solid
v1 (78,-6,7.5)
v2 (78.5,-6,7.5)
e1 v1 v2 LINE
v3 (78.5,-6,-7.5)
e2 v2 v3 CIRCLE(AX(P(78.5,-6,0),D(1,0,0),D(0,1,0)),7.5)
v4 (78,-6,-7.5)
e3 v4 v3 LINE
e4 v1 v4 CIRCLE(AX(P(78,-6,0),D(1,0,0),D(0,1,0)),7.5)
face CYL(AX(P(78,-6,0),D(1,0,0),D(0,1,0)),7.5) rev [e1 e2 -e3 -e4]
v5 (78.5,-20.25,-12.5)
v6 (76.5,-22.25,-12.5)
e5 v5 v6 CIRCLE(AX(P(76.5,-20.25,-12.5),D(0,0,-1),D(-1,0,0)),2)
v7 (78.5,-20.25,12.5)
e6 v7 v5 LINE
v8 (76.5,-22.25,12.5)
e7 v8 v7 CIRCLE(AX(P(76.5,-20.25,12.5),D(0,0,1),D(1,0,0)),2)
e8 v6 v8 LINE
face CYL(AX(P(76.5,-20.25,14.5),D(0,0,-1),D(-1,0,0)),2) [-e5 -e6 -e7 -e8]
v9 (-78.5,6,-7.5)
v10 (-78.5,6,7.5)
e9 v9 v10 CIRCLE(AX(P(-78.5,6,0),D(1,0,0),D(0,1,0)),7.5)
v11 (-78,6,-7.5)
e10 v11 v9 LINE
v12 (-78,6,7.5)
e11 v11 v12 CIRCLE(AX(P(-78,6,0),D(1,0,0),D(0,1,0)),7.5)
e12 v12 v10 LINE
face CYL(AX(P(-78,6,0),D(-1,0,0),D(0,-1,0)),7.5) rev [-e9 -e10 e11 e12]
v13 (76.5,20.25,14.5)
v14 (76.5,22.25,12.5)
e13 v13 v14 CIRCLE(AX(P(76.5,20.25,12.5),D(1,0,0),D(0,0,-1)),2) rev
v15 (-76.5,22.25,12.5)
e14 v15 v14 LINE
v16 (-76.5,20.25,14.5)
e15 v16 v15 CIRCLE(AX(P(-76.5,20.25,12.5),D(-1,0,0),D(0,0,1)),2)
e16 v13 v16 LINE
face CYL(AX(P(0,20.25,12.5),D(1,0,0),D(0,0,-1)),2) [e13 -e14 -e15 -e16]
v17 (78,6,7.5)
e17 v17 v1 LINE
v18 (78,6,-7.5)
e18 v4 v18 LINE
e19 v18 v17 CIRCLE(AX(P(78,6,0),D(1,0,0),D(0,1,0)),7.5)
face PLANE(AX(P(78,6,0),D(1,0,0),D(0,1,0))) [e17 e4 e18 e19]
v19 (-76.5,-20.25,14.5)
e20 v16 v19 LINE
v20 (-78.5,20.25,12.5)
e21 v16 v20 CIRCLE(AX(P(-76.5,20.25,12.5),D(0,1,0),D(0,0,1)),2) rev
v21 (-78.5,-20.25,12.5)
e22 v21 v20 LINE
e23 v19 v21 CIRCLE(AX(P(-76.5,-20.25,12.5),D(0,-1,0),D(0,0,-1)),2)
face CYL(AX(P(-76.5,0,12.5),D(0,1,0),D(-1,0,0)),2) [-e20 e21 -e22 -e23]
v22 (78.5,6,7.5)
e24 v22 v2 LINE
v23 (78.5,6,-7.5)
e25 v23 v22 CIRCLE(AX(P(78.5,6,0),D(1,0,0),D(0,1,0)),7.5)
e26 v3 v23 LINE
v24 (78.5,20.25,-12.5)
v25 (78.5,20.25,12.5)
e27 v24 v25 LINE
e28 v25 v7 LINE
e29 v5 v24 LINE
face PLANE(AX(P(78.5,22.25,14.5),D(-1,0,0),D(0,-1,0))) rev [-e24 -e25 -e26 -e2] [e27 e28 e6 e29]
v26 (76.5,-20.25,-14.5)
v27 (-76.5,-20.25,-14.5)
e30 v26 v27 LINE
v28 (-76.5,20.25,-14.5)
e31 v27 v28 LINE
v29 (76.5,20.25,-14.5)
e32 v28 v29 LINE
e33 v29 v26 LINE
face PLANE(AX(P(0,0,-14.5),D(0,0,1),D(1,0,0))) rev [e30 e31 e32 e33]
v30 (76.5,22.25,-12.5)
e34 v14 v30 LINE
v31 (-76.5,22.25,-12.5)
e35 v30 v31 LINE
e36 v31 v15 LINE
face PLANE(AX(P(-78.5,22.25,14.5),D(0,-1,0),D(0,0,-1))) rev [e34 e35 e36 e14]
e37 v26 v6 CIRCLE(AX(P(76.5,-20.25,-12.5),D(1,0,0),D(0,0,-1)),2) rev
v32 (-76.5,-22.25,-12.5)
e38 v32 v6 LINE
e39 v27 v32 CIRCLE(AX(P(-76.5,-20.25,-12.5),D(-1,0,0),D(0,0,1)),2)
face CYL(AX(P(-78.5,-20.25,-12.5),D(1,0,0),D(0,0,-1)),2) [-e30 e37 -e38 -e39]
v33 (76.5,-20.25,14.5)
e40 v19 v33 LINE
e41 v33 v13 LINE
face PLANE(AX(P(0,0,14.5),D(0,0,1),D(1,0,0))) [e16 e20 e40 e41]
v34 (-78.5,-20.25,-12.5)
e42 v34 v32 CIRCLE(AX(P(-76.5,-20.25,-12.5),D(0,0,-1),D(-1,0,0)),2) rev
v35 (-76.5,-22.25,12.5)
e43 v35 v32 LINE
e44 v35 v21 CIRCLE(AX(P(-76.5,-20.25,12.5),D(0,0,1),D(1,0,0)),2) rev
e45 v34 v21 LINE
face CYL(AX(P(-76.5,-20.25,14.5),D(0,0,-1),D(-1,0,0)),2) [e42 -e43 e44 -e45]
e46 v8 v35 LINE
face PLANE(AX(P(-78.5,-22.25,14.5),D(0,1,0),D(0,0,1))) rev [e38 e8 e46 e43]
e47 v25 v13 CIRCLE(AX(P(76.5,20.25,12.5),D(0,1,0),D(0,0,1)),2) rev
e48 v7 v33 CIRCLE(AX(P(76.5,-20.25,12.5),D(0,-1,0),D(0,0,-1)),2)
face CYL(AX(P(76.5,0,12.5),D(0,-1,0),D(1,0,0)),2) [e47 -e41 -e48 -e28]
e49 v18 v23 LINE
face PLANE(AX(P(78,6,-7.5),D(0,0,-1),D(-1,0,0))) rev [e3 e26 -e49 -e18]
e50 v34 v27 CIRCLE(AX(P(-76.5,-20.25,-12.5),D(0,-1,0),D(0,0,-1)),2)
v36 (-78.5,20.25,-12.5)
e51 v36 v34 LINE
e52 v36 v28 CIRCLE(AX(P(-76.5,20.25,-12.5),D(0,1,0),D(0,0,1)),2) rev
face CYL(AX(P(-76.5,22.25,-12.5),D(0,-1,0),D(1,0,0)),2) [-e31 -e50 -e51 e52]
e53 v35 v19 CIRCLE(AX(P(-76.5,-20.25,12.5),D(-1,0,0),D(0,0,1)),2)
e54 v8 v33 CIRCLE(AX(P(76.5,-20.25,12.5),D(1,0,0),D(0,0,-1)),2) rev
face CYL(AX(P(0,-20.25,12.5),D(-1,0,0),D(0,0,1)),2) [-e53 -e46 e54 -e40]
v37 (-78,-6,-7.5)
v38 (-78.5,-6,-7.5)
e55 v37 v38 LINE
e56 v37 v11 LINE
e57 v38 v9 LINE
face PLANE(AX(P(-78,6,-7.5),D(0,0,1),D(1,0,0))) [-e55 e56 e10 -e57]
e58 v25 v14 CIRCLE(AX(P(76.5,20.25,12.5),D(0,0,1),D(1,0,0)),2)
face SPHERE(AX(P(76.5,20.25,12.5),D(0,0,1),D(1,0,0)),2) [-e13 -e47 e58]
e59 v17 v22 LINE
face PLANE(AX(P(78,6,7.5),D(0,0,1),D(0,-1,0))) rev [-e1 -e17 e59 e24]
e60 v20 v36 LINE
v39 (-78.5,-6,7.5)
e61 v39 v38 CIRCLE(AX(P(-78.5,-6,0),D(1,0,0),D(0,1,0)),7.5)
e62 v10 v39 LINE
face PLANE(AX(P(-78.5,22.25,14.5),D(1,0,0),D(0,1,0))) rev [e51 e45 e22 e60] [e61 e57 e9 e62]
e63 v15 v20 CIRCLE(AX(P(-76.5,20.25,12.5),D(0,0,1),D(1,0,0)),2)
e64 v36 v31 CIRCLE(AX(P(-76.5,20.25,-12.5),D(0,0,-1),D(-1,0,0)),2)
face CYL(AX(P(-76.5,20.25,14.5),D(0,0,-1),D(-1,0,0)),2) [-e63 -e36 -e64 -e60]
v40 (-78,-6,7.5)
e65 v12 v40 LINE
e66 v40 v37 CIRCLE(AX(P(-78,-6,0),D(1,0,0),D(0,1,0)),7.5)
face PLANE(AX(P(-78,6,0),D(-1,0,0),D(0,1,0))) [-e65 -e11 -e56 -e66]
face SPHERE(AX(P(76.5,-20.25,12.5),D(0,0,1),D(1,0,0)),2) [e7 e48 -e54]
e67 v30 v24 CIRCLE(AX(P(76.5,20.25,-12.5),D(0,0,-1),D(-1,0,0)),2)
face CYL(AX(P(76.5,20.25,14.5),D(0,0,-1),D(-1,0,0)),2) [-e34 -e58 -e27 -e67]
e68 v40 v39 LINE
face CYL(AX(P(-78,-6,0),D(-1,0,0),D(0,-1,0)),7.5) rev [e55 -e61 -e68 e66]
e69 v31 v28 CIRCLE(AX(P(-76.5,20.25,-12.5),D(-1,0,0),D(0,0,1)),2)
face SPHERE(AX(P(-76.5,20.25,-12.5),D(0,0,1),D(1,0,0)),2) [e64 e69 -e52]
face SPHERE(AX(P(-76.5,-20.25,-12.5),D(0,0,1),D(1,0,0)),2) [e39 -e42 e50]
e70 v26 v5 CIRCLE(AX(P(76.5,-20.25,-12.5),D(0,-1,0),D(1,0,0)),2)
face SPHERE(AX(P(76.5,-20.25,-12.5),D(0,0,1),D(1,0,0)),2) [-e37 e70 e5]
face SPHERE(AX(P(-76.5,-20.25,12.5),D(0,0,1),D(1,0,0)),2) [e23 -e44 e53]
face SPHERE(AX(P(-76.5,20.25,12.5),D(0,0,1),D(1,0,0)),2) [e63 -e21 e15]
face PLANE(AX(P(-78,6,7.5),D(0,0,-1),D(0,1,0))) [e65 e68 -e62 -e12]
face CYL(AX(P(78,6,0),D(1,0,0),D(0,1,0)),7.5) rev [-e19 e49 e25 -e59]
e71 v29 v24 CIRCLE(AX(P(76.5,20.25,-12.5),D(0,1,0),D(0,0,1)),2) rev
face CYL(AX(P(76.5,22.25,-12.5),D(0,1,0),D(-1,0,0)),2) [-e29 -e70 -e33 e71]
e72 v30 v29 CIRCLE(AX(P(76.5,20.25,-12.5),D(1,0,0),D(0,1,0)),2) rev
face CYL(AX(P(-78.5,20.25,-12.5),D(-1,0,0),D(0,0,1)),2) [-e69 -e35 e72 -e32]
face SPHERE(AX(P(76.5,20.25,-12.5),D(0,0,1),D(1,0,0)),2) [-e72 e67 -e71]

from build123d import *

# Parameters (mm, degrees)
ESBO_O1_W                = 157
ESBO_O1_H                = 44.5
RESSALTO_EXTRUS_O1_DEPTH = 14.5
CORTE_EXTRUS_O1_DEPTH    = 0.5
FILETE1_R                = 2


with BuildPart() as part:
    # Esboço1 → Ressalto-extrusão1 (new body, symmetric)
    with BuildSketch(Plane.XY):
        Rectangle(ESBO_O1_W, ESBO_O1_H)
    extrude(amount=RESSALTO_EXTRUS_O1_DEPTH, both=True)

    # Esboço2 → Corte-extrusão1 (cut)
    with BuildSketch(Plane(origin=(78.5, 0, 0), x_dir=(0, 0, -1), z_dir=(1, 0, 0))):
        with BuildLine():
            Line((7.5, 6), (7.5, -6))
            ThreePointArc((7.5, -6), (0, -13.5), (-7.5, -6))
            Line((-7.5, -6), (-7.5, 6))
            ThreePointArc((-7.5, 6), (0, 13.5), (7.5, 6))
        make_face()
    corte_extrus_o1 = extrude(amount=-CORTE_EXTRUS_O1_DEPTH, mode=Mode.SUBTRACT)

    # Espelhar1: Corte-extrusão1 across plane
    add(corte_extrus_o1.mirror(Plane(origin=(0, 0, 0), x_dir=(0, 0, 1), z_dir=(1, 0, 0))), mode=Mode.SUBTRACT)

    # Filete1
    filete1_edges = [part.edges().sort_by_distance(p)[0] for p in [
        (-78.5, 0, 14.5),
        (0, -22.25, 14.5),
        (78.5, 0, 14.5),
        (0, -22.25, -14.5),
        (-78.5, 0, -14.5),
        (0, 22.25, -14.5),
        (78.5, 0, -14.5),
        (0, 22.25, 14.5),
        (78.5, -22.25, 0),
        (-78.5, -22.25, 0),
        (-78.5, 22.25, 0),
        (78.5, 22.25, 0),
    ]]
    fillet(filete1_edges, radius=FILETE1_R)


solid = part.part
